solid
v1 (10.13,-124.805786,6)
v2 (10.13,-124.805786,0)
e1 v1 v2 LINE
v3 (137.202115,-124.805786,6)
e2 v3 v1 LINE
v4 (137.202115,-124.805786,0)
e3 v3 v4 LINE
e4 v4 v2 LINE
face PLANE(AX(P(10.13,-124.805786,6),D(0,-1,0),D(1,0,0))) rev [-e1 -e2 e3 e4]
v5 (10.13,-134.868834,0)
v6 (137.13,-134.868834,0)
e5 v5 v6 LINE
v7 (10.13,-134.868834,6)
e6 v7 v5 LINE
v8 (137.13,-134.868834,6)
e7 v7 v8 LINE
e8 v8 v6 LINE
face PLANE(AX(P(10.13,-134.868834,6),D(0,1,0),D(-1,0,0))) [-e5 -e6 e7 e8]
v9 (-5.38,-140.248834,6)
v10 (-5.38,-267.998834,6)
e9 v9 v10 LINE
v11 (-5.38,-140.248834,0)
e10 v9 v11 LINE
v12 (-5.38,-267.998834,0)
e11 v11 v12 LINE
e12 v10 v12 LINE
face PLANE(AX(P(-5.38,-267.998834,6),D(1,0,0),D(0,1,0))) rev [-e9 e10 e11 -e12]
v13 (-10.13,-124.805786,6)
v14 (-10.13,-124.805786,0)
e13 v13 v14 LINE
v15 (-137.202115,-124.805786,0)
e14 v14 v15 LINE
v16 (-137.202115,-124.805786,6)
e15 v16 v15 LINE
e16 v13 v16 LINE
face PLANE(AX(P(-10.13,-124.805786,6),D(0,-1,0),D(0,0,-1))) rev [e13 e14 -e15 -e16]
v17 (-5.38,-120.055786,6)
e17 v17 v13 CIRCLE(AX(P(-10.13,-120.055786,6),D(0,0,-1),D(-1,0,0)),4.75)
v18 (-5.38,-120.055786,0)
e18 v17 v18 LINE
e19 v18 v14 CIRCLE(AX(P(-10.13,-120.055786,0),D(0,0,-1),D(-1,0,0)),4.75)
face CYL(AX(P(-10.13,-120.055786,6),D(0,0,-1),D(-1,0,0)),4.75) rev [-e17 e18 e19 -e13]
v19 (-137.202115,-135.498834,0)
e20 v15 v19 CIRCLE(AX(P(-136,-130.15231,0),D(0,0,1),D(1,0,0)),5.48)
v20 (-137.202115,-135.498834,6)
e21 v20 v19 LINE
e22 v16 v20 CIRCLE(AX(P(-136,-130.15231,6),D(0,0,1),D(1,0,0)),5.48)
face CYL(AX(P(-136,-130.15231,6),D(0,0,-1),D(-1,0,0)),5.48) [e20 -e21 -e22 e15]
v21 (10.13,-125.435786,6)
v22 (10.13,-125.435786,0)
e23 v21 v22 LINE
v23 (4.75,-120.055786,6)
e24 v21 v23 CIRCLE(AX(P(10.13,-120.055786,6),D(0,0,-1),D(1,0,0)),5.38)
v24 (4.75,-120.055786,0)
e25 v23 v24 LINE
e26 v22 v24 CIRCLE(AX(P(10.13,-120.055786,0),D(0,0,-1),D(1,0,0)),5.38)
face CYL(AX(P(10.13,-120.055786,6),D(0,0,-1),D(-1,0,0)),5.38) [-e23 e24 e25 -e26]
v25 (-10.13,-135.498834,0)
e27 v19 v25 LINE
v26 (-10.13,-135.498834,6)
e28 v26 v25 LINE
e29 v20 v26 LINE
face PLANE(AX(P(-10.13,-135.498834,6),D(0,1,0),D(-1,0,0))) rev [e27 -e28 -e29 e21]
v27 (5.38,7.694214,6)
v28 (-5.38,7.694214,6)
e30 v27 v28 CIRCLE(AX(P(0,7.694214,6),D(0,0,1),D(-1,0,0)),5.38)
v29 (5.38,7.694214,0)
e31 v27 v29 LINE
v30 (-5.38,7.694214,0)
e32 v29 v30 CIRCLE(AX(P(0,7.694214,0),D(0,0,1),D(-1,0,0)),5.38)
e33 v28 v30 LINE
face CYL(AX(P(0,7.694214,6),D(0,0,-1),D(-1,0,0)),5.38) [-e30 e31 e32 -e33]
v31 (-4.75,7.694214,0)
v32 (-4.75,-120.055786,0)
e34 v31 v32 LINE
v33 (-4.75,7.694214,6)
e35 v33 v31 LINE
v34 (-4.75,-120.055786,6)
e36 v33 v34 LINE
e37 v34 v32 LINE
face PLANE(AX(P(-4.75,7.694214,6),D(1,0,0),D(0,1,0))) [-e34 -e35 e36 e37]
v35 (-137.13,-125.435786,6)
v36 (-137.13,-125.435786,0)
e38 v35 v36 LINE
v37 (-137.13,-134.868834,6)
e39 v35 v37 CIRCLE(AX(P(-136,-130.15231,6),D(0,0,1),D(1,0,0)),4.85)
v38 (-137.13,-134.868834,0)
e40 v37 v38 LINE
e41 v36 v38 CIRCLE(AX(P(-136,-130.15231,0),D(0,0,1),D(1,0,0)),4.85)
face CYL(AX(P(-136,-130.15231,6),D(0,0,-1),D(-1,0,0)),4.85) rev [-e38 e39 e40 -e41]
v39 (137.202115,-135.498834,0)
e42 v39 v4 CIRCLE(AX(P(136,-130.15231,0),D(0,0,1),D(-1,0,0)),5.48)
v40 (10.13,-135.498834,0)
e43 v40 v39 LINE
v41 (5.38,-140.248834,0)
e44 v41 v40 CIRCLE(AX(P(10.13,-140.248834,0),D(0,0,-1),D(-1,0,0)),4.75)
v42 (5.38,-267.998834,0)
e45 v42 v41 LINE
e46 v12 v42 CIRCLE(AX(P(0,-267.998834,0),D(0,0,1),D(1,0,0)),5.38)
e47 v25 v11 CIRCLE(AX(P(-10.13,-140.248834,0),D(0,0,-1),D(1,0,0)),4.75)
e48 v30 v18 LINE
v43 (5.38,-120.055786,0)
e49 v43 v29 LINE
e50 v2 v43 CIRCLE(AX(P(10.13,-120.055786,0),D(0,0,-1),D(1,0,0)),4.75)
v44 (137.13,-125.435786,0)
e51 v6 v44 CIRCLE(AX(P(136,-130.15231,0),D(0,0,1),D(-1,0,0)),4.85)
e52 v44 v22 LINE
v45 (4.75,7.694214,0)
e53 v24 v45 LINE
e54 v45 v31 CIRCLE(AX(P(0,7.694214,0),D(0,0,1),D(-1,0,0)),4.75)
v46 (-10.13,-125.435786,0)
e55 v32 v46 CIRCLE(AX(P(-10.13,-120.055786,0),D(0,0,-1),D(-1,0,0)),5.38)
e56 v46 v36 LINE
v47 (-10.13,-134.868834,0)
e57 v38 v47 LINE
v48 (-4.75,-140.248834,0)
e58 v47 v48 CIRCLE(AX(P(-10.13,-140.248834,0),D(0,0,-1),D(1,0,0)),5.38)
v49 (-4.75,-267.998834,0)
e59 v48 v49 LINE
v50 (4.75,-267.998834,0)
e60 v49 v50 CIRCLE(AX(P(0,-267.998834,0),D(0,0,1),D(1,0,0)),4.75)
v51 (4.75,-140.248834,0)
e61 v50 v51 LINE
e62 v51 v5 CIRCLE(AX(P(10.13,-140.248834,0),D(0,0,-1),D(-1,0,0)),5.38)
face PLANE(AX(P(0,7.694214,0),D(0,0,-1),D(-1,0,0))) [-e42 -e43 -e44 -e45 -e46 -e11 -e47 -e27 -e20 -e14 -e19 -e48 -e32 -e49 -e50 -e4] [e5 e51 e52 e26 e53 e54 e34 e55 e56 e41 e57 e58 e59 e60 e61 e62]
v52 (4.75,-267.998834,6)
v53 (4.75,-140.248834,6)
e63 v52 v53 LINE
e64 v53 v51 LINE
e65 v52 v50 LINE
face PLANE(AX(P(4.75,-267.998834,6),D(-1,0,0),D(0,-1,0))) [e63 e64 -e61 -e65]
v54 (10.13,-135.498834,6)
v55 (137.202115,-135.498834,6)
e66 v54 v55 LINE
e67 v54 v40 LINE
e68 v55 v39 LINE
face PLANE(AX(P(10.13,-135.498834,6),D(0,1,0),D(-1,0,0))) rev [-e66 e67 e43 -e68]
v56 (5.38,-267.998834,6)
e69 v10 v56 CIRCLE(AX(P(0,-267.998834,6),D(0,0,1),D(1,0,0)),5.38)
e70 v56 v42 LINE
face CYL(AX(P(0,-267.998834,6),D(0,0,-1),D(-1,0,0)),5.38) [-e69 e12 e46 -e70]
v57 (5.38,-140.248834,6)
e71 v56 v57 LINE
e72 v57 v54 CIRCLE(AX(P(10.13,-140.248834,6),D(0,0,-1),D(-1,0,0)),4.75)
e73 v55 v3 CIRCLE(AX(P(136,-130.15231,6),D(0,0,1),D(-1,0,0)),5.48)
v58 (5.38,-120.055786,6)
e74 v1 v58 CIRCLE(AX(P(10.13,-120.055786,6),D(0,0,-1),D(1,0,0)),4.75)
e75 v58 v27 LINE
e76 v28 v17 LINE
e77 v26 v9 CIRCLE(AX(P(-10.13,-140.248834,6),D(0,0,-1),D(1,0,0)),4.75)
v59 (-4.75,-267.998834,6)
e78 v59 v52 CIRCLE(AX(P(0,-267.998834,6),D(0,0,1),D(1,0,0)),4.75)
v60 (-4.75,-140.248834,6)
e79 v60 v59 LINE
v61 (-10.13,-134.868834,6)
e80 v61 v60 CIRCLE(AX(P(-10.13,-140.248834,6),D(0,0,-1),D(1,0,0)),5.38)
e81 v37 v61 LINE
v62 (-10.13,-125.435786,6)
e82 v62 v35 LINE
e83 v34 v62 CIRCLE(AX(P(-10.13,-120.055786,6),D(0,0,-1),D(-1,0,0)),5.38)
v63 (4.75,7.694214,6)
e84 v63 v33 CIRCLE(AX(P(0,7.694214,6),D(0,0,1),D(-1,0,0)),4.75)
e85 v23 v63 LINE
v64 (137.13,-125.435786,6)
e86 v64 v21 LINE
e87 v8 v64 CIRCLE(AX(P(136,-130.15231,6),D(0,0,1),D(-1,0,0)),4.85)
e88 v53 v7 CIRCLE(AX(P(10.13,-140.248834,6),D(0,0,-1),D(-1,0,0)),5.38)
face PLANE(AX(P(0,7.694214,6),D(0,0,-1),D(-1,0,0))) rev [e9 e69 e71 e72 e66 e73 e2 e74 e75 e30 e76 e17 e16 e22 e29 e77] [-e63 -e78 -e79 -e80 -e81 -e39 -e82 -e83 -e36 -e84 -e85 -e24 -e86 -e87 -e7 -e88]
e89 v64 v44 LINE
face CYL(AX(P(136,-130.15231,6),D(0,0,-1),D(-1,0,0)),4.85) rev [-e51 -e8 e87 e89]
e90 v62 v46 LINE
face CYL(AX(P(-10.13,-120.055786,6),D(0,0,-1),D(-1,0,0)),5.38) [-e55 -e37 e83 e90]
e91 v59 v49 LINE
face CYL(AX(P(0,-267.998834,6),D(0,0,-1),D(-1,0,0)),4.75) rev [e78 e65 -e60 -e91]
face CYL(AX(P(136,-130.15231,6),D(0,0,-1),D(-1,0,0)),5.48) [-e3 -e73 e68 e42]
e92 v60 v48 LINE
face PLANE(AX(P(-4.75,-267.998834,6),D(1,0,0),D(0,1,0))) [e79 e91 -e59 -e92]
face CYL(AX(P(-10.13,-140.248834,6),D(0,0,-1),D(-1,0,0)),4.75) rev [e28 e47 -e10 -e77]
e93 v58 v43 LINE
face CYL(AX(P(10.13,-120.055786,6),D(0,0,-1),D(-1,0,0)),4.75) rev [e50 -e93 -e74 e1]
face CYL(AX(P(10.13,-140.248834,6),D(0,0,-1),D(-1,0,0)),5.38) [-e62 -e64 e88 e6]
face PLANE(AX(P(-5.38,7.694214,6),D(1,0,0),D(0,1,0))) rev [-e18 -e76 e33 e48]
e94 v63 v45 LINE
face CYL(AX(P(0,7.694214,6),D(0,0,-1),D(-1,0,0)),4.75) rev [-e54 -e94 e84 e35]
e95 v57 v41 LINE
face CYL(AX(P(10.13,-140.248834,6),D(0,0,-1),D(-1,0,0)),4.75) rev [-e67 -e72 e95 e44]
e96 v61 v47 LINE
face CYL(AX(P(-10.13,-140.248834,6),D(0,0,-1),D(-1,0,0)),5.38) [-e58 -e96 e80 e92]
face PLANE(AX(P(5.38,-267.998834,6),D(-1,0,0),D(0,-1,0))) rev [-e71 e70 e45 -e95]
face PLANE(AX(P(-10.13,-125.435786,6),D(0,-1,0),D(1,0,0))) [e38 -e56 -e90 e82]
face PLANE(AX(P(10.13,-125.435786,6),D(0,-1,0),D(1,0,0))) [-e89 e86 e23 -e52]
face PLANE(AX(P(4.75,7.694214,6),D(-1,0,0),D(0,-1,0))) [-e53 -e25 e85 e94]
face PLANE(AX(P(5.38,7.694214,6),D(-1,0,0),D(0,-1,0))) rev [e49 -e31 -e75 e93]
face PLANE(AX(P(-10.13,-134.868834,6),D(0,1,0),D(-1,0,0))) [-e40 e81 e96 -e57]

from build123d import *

# Parameters (mm, degrees)
EXTRUDE_1_DEPTH = 6


with BuildPart() as part:
    # 草图1 → 凸台-拉伸1 (new body)
    with BuildSketch(Plane.XY):
        with BuildLine():
            Line((-5.38, 7.694214332), (-5.38, -120.055785668))
            ThreePointArc((-5.38, -120.055785668), (-6.771242789, -123.414542878), (-10.13, -124.805785668))
            Line((-10.13, -124.805785668), (-137.202114628, -124.805785668))
            ThreePointArc((-137.202114628, -124.805785668), (-141.48, -130.152309812), (-137.202114628, -135.498833956))
            Line((-137.202114628, -135.498833956), (-10.13, -135.498833956))
            ThreePointArc((-10.13, -135.498833956), (-6.771242789, -136.890076745), (-5.38, -140.248833956))
            Line((-5.38, -140.248833956), (-5.38, -267.998833956))
            ThreePointArc((-5.38, -267.998833956), (0, -273.378833956), (5.38, -267.998833956))
            Line((5.38, -267.998833956), (5.38, -140.248833956))
            ThreePointArc((5.38, -140.248833956), (6.771242789, -136.890076745), (10.13, -135.498833956))
            Line((10.13, -135.498833956), (137.202114628, -135.498833956))
            ThreePointArc((137.202114628, -135.498833956), (141.48, -130.152309812), (137.202114628, -124.805785668))
            Line((137.202114628, -124.805785668), (10.13, -124.805785668))
            ThreePointArc((10.13, -124.805785668), (6.771242789, -123.414542878), (5.38, -120.055785668))
            Line((5.38, -120.055785668), (5.38, 7.694214332))
            ThreePointArc((5.38, 7.694214332), (0, 13.074214332), (-5.38, 7.694214332))
        make_face()
        with BuildLine():
            Line((-4.75, 7.694214332), (-4.75, -120.055785668))
            ThreePointArc((-4.75, -120.055785668), (-6.325765517, -123.860020151), (-10.13, -125.435785668))
            Line((-10.13, -125.435785668), (-137.13, -125.435785668))
            ThreePointArc((-137.13, -125.435785668), (-140.85, -130.152309812), (-137.13, -134.868833956))
            Line((-137.13, -134.868833956), (-10.13, -134.868833956))
            ThreePointArc((-10.13, -134.868833956), (-6.325765517, -136.444599473), (-4.75, -140.248833956))
            Line((-4.75, -140.248833956), (-4.75, -267.998833956))
            ThreePointArc((-4.75, -267.998833956), (0, -272.748833956), (4.75, -267.998833956))
            Line((4.75, -267.998833956), (4.75, -140.248833956))
            ThreePointArc((4.75, -140.248833956), (6.325765517, -136.444599473), (10.13, -134.868833956))
            Line((10.13, -134.868833956), (137.13, -134.868833956))
            ThreePointArc((137.13, -134.868833956), (140.85, -130.152309812), (137.13, -125.435785668))
            Line((137.13, -125.435785668), (10.13, -125.435785668))
            ThreePointArc((10.13, -125.435785668), (6.325765517, -123.860020151), (4.75, -120.055785668))
            Line((4.75, -120.055785668), (4.75, 7.694214332))
            ThreePointArc((4.75, 7.694214332), (0, 12.444214332), (-4.75, 7.694214332))
        make_face(mode=Mode.SUBTRACT)
    extrude(amount=EXTRUDE_1_DEPTH)


solid = part.part
